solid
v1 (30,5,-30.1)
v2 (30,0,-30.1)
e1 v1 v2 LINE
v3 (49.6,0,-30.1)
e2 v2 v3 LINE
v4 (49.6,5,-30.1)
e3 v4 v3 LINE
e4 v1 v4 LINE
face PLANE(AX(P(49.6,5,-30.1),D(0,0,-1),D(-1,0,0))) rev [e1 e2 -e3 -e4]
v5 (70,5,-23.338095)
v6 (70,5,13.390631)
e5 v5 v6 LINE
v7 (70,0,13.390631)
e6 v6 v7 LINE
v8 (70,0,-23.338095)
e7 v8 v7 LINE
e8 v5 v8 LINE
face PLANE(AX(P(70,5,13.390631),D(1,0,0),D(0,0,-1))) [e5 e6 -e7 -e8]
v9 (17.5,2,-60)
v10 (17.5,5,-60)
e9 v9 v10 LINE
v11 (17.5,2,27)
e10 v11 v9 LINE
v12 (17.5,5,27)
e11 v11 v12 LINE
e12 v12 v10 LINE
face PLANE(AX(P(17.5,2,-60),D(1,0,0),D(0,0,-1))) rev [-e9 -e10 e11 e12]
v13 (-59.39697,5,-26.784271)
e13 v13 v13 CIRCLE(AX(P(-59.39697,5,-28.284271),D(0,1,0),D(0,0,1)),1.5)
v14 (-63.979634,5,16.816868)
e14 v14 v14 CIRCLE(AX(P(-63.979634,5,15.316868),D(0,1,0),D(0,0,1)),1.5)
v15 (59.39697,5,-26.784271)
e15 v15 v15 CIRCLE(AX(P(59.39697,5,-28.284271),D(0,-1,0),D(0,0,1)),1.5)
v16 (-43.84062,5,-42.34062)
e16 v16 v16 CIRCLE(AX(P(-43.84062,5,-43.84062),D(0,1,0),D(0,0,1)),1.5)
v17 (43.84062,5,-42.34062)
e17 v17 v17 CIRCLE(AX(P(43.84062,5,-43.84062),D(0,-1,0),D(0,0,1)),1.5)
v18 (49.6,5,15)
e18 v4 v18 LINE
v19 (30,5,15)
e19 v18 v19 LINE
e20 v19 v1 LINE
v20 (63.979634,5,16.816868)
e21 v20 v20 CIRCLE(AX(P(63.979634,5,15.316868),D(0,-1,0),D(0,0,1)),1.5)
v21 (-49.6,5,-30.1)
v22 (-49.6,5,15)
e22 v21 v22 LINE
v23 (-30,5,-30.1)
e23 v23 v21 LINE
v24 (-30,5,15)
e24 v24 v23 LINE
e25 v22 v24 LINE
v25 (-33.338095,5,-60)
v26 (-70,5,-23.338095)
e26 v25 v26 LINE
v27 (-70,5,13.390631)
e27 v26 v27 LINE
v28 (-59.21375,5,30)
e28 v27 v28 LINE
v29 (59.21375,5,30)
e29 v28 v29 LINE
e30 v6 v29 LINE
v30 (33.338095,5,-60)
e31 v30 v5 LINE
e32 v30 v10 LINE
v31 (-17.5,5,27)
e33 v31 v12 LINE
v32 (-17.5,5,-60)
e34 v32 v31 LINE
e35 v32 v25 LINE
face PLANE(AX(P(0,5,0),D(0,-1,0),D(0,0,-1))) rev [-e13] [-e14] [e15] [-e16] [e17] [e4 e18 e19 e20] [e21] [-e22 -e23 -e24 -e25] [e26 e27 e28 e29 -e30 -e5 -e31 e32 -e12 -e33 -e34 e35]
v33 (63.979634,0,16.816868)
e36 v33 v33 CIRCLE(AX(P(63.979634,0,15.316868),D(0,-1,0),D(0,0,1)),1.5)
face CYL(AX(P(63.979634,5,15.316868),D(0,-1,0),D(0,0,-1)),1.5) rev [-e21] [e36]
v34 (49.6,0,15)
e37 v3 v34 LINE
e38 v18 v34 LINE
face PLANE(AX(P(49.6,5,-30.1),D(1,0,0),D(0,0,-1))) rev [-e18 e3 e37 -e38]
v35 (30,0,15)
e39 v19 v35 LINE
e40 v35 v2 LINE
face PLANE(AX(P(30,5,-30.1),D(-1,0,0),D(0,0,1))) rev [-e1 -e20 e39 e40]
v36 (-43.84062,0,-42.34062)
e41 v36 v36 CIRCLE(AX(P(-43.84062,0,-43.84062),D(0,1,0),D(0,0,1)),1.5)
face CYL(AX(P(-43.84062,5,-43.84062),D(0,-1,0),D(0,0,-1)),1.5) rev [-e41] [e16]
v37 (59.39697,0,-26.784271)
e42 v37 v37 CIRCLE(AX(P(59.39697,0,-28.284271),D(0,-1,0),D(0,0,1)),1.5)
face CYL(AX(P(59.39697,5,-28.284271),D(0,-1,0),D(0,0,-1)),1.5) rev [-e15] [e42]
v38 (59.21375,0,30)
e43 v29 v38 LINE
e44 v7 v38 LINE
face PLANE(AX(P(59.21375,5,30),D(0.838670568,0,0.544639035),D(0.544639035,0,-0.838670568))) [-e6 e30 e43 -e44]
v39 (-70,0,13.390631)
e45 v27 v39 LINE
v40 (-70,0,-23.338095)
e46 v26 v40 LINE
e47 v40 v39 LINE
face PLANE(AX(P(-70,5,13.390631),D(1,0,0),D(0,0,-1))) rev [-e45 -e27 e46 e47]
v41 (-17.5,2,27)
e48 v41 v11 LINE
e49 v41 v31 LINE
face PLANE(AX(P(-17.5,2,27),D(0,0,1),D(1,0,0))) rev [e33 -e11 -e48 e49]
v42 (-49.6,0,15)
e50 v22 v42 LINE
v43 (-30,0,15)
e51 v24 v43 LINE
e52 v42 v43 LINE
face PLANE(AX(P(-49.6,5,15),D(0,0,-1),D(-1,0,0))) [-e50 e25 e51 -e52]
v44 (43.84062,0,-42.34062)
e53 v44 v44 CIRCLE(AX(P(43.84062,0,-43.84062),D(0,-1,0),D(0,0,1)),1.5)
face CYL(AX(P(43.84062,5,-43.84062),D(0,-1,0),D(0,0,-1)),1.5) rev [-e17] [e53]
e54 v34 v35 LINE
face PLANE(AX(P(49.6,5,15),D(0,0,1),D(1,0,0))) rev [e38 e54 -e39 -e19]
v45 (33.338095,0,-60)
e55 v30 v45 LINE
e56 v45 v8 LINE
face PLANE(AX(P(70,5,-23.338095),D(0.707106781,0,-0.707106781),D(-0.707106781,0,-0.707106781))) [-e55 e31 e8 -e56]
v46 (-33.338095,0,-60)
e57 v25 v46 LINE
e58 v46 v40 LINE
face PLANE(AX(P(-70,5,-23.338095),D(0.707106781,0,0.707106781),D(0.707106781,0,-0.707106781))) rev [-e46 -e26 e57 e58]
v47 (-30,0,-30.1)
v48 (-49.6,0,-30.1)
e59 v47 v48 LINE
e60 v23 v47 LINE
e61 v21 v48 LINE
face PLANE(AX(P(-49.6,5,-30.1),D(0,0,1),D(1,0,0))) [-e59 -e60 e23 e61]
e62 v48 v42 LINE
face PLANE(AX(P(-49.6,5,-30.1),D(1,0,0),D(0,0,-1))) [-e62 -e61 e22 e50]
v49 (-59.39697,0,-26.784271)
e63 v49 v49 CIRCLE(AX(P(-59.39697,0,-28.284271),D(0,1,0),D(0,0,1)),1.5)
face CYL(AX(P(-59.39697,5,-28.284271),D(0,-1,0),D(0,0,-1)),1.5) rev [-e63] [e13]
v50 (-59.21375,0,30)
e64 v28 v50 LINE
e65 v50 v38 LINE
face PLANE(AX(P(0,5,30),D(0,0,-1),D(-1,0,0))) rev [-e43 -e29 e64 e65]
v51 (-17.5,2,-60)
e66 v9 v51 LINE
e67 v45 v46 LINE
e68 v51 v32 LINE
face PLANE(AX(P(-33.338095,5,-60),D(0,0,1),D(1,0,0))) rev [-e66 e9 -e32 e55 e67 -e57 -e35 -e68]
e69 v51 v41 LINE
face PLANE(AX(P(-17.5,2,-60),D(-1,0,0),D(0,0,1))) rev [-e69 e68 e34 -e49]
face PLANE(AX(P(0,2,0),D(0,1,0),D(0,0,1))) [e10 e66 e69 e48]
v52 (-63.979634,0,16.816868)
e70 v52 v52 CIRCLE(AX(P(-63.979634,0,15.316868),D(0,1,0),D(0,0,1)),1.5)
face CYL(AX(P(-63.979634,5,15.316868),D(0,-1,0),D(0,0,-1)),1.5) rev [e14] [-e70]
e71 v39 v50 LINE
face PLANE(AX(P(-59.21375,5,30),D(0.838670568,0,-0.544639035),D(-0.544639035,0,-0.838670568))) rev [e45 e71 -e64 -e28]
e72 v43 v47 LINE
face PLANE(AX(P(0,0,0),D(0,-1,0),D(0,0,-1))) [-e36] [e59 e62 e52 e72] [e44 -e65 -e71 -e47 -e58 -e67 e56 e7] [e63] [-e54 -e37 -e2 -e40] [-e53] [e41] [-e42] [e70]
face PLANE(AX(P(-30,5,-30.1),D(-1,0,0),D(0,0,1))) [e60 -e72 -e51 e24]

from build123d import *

# Parameters (mm, degrees)
SKETCH1_R           = 1.5
SKETCH1_W           = 19.6
SKETCH1_H           = 45.1
BOSS_EXTRUDE1_DEPTH = 5
SKETCH2_W           = 35
SKETCH2_H           = 87
CUT_EXTRUDE1_DEPTH  = 3


with BuildPart() as part:
    # Sketch1 → Boss-Extrude1 (new body)
    with BuildSketch(Plane(origin=(0, 0, 0), x_dir=(1, 0, 0), z_dir=(0, 1, 0))):
        Polygon((-59.213749531, -30), (-70, -13.390630812), (-70, 23.338095117), (-33.338095117, 60), (0, 60), (0, -30), align=None)
        with Locations((-43.840620434, 43.840620434)):
            Circle(SKETCH1_R, mode=Mode.SUBTRACT)
        with Locations((-59.39696962, 28.284271247)):
            Circle(SKETCH1_R, mode=Mode.SUBTRACT)
        with Locations((-63.979633983, -15.316867676)):
            Circle(SKETCH1_R, mode=Mode.SUBTRACT)
        with Locations((-39.8, 7.55)):
            Rectangle(SKETCH1_W, SKETCH1_H, mode=Mode.SUBTRACT)
    boss_extrude1 = extrude(amount=BOSS_EXTRUDE1_DEPTH)

    # Mirror1: Boss-Extrude1 across plane
    add(boss_extrude1.mirror(Plane(origin=(0, 5, 30), x_dir=(0, 0, 1), z_dir=(-1, 0, 0))))

    # Sketch2 → Cut-Extrude1 (cut)
    with BuildSketch(Plane(origin=(0, 5, 0), x_dir=(1, 0, 0), z_dir=(0, 1, 0))):
        with Locations((0, 16.5)):
            Rectangle(SKETCH2_W, SKETCH2_H)
    extrude(amount=-CUT_EXTRUDE1_DEPTH, mode=Mode.SUBTRACT)


solid = part.part
